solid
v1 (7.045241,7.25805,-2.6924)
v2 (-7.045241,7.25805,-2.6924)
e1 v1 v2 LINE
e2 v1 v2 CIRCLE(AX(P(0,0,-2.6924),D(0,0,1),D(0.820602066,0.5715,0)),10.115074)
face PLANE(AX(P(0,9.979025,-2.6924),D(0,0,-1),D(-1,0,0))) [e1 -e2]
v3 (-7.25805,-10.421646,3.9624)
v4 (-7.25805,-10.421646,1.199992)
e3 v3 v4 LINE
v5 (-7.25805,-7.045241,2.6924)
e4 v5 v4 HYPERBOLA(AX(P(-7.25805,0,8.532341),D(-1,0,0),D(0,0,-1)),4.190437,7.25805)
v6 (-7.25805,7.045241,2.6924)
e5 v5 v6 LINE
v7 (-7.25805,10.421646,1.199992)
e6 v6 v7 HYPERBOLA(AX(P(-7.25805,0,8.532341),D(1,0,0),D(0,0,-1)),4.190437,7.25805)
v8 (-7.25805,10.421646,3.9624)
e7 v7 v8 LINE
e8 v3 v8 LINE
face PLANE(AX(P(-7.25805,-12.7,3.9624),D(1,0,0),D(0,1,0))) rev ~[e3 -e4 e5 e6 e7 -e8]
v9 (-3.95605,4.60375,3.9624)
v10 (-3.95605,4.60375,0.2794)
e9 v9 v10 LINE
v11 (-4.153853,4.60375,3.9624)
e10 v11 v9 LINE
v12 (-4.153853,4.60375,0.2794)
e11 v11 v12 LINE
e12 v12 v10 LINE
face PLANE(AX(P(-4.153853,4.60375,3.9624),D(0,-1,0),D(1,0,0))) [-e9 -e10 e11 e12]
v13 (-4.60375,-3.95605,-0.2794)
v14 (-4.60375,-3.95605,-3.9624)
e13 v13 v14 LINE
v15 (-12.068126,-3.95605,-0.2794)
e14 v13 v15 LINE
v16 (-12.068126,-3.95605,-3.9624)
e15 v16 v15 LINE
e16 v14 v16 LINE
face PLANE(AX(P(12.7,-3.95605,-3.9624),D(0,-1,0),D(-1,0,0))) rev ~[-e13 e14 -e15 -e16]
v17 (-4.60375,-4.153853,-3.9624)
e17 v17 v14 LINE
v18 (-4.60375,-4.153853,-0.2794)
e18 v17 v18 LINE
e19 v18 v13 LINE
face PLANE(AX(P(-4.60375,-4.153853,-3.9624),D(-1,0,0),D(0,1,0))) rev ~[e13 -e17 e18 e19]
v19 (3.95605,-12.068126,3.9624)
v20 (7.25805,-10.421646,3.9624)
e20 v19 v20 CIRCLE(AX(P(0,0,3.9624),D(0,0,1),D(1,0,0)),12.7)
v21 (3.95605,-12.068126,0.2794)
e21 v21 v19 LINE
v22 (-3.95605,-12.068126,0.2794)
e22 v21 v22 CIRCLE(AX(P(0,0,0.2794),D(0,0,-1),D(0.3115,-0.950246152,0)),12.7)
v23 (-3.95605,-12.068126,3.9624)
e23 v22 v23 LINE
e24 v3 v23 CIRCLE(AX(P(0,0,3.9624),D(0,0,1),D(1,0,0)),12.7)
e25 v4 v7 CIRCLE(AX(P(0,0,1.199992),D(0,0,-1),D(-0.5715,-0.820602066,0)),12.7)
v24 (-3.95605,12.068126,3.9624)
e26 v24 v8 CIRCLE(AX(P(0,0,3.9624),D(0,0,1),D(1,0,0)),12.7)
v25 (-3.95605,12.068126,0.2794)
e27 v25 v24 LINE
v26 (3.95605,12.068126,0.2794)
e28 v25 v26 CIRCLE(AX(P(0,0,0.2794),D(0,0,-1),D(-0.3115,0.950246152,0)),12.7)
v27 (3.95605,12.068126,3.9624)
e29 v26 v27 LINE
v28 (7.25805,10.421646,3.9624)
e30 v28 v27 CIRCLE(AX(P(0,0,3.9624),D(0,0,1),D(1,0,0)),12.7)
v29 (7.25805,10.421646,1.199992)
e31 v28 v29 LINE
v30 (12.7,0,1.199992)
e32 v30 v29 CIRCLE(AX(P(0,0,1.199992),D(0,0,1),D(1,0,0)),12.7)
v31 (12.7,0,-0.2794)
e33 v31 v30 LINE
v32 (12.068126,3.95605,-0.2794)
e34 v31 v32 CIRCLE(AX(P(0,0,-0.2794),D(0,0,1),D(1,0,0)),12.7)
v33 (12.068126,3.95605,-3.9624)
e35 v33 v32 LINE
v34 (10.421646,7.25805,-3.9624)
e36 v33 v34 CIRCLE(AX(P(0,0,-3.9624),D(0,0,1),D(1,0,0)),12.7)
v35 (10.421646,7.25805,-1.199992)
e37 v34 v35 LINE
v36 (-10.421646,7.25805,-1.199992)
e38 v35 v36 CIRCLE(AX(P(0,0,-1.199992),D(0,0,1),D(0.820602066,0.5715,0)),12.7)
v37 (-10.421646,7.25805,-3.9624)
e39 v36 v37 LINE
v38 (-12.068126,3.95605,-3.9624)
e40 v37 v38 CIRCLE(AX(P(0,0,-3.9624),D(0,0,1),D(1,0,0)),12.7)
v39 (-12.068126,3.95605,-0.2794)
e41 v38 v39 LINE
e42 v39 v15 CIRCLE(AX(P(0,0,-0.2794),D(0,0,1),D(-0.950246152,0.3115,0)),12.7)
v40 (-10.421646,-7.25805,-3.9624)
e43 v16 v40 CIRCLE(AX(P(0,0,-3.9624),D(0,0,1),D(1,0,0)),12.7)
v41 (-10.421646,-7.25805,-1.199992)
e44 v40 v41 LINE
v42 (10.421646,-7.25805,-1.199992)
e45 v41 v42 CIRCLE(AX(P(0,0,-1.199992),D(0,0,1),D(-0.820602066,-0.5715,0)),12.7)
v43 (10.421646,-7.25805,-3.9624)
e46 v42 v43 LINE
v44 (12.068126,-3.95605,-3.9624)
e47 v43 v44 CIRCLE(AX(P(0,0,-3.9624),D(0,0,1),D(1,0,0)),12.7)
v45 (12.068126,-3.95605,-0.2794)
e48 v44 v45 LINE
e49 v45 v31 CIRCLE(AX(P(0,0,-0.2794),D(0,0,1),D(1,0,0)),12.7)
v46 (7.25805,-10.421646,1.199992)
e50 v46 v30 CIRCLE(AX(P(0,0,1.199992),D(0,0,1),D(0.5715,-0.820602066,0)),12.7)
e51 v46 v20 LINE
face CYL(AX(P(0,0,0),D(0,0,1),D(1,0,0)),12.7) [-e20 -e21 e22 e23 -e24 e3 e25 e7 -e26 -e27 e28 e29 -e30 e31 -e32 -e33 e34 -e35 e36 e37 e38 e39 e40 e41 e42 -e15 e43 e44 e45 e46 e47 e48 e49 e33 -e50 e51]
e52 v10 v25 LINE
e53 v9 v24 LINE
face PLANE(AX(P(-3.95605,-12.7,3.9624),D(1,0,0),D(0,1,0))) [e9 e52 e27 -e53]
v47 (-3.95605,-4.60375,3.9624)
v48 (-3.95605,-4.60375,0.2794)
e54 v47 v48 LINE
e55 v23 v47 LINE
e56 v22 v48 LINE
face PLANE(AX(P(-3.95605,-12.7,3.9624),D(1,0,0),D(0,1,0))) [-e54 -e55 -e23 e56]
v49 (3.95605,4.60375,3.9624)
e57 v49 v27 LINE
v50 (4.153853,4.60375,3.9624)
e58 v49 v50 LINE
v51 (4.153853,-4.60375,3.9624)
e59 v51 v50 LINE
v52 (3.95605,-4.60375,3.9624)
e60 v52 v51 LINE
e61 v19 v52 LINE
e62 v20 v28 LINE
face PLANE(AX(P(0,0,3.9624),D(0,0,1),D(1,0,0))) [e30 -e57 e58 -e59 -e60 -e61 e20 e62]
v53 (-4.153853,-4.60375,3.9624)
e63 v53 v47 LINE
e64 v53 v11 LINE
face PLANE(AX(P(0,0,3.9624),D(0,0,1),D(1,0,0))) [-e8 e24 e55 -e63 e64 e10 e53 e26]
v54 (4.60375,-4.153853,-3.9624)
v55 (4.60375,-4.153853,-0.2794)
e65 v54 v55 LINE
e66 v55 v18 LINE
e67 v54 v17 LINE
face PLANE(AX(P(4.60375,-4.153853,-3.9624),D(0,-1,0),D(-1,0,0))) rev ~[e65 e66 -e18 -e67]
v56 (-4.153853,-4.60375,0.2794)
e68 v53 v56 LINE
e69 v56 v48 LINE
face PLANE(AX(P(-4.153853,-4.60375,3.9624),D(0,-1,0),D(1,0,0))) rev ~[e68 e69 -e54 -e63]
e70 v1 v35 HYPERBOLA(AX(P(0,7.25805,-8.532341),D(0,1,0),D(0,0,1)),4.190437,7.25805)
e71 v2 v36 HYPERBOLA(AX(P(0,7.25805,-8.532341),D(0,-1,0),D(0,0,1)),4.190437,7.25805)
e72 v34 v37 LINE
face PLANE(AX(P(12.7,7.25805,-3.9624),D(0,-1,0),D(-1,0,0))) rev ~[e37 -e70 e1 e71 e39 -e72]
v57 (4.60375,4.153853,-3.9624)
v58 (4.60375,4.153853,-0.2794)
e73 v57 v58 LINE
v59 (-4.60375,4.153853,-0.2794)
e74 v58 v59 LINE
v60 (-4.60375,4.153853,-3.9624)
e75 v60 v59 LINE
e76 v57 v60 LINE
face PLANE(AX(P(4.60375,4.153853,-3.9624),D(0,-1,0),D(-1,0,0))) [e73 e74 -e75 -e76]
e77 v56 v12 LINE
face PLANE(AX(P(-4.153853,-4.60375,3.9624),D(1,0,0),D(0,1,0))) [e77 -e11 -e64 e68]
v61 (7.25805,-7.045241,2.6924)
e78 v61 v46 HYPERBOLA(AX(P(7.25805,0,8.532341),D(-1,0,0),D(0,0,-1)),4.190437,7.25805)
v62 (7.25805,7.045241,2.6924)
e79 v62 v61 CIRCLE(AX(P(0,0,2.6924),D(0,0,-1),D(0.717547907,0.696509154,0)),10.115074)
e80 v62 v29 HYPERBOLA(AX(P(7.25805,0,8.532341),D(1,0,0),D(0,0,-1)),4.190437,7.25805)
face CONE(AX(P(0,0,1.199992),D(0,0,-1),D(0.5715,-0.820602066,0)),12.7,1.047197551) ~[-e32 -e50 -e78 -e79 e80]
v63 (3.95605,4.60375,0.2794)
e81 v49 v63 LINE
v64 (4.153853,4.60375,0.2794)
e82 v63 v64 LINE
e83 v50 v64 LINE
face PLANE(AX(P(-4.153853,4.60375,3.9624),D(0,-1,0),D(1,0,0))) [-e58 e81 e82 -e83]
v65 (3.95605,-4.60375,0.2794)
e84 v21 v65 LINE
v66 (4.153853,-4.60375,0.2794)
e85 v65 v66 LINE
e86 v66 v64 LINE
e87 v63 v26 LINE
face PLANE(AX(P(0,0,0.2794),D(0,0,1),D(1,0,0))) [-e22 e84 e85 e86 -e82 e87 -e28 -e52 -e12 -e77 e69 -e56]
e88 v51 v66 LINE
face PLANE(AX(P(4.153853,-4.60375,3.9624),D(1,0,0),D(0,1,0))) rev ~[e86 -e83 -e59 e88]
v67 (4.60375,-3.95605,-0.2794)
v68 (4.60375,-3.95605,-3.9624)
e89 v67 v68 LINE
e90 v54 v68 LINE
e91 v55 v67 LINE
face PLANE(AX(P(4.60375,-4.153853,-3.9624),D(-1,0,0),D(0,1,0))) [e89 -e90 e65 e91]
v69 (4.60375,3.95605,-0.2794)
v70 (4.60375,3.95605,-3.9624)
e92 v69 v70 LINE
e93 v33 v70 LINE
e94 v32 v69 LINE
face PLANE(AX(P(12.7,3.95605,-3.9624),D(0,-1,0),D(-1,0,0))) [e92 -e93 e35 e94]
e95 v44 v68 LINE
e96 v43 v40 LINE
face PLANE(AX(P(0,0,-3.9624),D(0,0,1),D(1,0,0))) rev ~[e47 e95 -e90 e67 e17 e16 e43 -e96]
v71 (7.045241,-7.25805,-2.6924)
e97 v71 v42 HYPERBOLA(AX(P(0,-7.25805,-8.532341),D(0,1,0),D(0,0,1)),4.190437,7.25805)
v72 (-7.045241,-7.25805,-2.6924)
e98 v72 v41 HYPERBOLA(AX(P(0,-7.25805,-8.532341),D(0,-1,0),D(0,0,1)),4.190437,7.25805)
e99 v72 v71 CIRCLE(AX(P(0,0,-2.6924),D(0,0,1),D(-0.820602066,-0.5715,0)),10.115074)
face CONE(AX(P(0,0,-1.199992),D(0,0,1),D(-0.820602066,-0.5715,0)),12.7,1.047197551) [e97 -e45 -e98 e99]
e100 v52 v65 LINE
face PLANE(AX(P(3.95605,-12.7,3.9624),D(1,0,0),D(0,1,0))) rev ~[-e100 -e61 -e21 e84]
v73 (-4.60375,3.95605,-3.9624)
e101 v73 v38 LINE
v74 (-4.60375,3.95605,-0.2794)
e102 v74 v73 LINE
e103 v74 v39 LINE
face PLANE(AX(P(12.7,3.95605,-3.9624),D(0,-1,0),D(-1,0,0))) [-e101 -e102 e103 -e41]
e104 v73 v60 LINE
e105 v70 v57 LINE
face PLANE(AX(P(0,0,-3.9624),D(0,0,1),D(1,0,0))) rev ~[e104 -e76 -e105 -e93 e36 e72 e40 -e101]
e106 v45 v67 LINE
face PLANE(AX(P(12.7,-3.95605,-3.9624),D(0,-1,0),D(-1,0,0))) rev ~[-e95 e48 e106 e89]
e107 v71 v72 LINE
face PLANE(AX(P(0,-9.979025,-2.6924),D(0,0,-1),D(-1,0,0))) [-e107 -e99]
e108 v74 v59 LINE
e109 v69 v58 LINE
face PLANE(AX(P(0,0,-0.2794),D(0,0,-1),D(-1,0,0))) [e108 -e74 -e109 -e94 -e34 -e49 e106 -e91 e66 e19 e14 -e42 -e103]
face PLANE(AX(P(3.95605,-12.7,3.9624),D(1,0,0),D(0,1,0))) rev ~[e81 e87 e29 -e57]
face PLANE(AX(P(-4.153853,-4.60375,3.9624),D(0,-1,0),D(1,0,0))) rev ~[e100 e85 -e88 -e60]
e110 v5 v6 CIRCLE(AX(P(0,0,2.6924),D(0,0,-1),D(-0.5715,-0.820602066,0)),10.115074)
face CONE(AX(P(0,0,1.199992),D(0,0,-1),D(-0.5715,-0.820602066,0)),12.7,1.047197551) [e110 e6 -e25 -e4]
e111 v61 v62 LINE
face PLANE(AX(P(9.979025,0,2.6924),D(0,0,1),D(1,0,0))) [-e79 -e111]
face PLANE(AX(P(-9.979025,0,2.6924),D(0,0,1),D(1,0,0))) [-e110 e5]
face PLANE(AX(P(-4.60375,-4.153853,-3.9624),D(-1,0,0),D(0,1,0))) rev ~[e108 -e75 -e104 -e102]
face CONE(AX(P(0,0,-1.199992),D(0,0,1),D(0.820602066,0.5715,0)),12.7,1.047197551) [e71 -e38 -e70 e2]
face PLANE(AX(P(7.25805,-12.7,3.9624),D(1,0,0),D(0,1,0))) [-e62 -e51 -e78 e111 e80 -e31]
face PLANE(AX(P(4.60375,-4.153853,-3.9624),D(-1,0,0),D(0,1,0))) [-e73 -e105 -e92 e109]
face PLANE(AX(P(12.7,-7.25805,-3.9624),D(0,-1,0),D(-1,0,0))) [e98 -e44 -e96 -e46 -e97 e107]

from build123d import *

# Parameters (mm, degrees)
SKETCH1_R             = 12.7
BOSS_EXTRUDE1_DEPTH   = 3.9624
SKETCH2_W             = 7.9121
SKETCH2_H             = 25.4
CUT_EXTRUDE1_DEPTH    = 3.683
SKETCH3_W             = 25.4
SKETCH3_H             = 7.9121
CUT_EXTRUDE2_DEPTH    = 3.683
SKETCH4_W             = 5.44195
SKETCH4_H             = 25.4
CUT_EXTRUDE3_DEPTH    = 1.27
SKETCH5_W             = 25.4
SKETCH5_H             = 5.44195
CUT_EXTRUDE4_DEPTH    = 1.27
CHAMFER1_SIZE         = 2.58492625
CHAMFER1_SIZE2        = 1.492407866
CHAMFER1_PART_2_SIZE  = 2.58492625
CHAMFER1_PART_2_SIZE2 = 1.492407866
CHAMFER1_PART_3_SIZE  = 2.58492625
CHAMFER1_PART_3_SIZE2 = 1.492407866
CHAMFER1_PART_4_SIZE  = 2.58492625
CHAMFER1_PART_4_SIZE2 = 1.492407866
SKETCH6_W             = 8.307705
SKETCH6_H             = 9.2075
CUT_EXTRUDE5_DEPTH    = 3.683
SKETCH7_W             = 9.2075
SKETCH7_H             = 8.307705
CUT_EXTRUDE6_DEPTH    = 3.683


with BuildPart() as part:
    # Sketch1 → Boss-Extrude1 (new body, symmetric)
    with BuildSketch(Plane.XY):
        Circle(SKETCH1_R)
    extrude(amount=BOSS_EXTRUDE1_DEPTH, both=True)

    # Sketch2 → Cut-Extrude1 (cut)
    with BuildSketch(Plane.XY.offset(3.9624)):
        Rectangle(SKETCH2_W, SKETCH2_H)
    extrude(amount=-CUT_EXTRUDE1_DEPTH, mode=Mode.SUBTRACT)

    # Sketch3 → Cut-Extrude2 (cut)
    with BuildSketch(Plane(origin=(0, 0, -3.9624), x_dir=(-1, 0, 0), z_dir=(0, 0, -1))):
        Rectangle(SKETCH3_W, SKETCH3_H)
    extrude(amount=-CUT_EXTRUDE2_DEPTH, mode=Mode.SUBTRACT)

    # Sketch4 → Cut-Extrude3 (cut)
    with BuildSketch(Plane.XY.offset(3.9624)):
        with Locations((9.979025, 0)):
            Rectangle(SKETCH4_W, SKETCH4_H)
        with Locations((-9.979025, 0)):
            Rectangle(SKETCH4_W, SKETCH4_H)
    extrude(amount=-CUT_EXTRUDE3_DEPTH, mode=Mode.SUBTRACT)

    # Sketch5 → Cut-Extrude4 (cut)
    with BuildSketch(Plane(origin=(0, 0, -3.9624), x_dir=(-1, 0, 0), z_dir=(0, 0, -1))):
        with Locations((0, 9.979025)):
            Rectangle(SKETCH5_W, SKETCH5_H)
        with Locations((0, -9.979025)):
            Rectangle(SKETCH5_W, SKETCH5_H)
    extrude(amount=-CUT_EXTRUDE4_DEPTH, mode=Mode.SUBTRACT)

    # Chamfer1
    chamfer1_edges = [part.edges().sort_by_distance(p)[0] for p in [
        (0, 12.7, -2.6924),
    ]]
    chamfer1_side = [part.faces().sort_by_distance(p)[0] for p in [
        (0, 9.480522033, -2.6924),
    ]]
    chamfer(chamfer1_edges, length=CHAMFER1_SIZE, length2=CHAMFER1_SIZE2, reference=chamfer1_side[0])

    # Chamfer1 part 2
    chamfer1_part_2_edges = [part.edges().sort_by_distance(p)[0] for p in [
        (0, -12.7, -2.6924),
    ]]
    chamfer1_part_2_side = [part.faces().sort_by_distance(p)[0] for p in [
        (0, -9.480522033, -2.6924),
    ]]
    chamfer(chamfer1_part_2_edges, length=CHAMFER1_PART_2_SIZE, length2=CHAMFER1_PART_2_SIZE2, reference=chamfer1_part_2_side[0])

    # Chamfer1 part 3
    chamfer1_part_3_edges = [part.edges().sort_by_distance(p)[0] for p in [
        (11.257602653, -5.8784677, 2.6924),
    ]]
    chamfer1_part_3_side = [part.faces().sort_by_distance(p)[0] for p in [
        (9.480522033, 0, 2.6924),
    ]]
    chamfer(chamfer1_part_3_edges, length=CHAMFER1_PART_3_SIZE, length2=CHAMFER1_PART_3_SIZE2, reference=chamfer1_part_3_side[0])

    # Chamfer1 part 4
    chamfer1_part_4_edges = [part.edges().sort_by_distance(p)[0] for p in [
        (-12.7, 0, 2.6924),
    ]]
    chamfer1_part_4_side = [part.faces().sort_by_distance(p)[0] for p in [
        (-9.480522033, 0, 2.6924),
    ]]
    chamfer(chamfer1_part_4_edges, length=CHAMFER1_PART_4_SIZE, length2=CHAMFER1_PART_4_SIZE2, reference=chamfer1_part_4_side[0])

    # Sketch6 → Cut-Extrude5 (cut)
    with BuildSketch(Plane.XY.offset(3.9624)):
        Rectangle(SKETCH6_W, SKETCH6_H)
    extrude(amount=-CUT_EXTRUDE5_DEPTH, mode=Mode.SUBTRACT)

    # Sketch7 → Cut-Extrude6 (cut)
    with BuildSketch(Plane(origin=(0, 0, -3.9624), x_dir=(-1, 0, 0), z_dir=(0, 0, -1))):
        Rectangle(SKETCH7_W, SKETCH7_H)
    extrude(amount=-CUT_EXTRUDE6_DEPTH, mode=Mode.SUBTRACT)


solid = part.part
